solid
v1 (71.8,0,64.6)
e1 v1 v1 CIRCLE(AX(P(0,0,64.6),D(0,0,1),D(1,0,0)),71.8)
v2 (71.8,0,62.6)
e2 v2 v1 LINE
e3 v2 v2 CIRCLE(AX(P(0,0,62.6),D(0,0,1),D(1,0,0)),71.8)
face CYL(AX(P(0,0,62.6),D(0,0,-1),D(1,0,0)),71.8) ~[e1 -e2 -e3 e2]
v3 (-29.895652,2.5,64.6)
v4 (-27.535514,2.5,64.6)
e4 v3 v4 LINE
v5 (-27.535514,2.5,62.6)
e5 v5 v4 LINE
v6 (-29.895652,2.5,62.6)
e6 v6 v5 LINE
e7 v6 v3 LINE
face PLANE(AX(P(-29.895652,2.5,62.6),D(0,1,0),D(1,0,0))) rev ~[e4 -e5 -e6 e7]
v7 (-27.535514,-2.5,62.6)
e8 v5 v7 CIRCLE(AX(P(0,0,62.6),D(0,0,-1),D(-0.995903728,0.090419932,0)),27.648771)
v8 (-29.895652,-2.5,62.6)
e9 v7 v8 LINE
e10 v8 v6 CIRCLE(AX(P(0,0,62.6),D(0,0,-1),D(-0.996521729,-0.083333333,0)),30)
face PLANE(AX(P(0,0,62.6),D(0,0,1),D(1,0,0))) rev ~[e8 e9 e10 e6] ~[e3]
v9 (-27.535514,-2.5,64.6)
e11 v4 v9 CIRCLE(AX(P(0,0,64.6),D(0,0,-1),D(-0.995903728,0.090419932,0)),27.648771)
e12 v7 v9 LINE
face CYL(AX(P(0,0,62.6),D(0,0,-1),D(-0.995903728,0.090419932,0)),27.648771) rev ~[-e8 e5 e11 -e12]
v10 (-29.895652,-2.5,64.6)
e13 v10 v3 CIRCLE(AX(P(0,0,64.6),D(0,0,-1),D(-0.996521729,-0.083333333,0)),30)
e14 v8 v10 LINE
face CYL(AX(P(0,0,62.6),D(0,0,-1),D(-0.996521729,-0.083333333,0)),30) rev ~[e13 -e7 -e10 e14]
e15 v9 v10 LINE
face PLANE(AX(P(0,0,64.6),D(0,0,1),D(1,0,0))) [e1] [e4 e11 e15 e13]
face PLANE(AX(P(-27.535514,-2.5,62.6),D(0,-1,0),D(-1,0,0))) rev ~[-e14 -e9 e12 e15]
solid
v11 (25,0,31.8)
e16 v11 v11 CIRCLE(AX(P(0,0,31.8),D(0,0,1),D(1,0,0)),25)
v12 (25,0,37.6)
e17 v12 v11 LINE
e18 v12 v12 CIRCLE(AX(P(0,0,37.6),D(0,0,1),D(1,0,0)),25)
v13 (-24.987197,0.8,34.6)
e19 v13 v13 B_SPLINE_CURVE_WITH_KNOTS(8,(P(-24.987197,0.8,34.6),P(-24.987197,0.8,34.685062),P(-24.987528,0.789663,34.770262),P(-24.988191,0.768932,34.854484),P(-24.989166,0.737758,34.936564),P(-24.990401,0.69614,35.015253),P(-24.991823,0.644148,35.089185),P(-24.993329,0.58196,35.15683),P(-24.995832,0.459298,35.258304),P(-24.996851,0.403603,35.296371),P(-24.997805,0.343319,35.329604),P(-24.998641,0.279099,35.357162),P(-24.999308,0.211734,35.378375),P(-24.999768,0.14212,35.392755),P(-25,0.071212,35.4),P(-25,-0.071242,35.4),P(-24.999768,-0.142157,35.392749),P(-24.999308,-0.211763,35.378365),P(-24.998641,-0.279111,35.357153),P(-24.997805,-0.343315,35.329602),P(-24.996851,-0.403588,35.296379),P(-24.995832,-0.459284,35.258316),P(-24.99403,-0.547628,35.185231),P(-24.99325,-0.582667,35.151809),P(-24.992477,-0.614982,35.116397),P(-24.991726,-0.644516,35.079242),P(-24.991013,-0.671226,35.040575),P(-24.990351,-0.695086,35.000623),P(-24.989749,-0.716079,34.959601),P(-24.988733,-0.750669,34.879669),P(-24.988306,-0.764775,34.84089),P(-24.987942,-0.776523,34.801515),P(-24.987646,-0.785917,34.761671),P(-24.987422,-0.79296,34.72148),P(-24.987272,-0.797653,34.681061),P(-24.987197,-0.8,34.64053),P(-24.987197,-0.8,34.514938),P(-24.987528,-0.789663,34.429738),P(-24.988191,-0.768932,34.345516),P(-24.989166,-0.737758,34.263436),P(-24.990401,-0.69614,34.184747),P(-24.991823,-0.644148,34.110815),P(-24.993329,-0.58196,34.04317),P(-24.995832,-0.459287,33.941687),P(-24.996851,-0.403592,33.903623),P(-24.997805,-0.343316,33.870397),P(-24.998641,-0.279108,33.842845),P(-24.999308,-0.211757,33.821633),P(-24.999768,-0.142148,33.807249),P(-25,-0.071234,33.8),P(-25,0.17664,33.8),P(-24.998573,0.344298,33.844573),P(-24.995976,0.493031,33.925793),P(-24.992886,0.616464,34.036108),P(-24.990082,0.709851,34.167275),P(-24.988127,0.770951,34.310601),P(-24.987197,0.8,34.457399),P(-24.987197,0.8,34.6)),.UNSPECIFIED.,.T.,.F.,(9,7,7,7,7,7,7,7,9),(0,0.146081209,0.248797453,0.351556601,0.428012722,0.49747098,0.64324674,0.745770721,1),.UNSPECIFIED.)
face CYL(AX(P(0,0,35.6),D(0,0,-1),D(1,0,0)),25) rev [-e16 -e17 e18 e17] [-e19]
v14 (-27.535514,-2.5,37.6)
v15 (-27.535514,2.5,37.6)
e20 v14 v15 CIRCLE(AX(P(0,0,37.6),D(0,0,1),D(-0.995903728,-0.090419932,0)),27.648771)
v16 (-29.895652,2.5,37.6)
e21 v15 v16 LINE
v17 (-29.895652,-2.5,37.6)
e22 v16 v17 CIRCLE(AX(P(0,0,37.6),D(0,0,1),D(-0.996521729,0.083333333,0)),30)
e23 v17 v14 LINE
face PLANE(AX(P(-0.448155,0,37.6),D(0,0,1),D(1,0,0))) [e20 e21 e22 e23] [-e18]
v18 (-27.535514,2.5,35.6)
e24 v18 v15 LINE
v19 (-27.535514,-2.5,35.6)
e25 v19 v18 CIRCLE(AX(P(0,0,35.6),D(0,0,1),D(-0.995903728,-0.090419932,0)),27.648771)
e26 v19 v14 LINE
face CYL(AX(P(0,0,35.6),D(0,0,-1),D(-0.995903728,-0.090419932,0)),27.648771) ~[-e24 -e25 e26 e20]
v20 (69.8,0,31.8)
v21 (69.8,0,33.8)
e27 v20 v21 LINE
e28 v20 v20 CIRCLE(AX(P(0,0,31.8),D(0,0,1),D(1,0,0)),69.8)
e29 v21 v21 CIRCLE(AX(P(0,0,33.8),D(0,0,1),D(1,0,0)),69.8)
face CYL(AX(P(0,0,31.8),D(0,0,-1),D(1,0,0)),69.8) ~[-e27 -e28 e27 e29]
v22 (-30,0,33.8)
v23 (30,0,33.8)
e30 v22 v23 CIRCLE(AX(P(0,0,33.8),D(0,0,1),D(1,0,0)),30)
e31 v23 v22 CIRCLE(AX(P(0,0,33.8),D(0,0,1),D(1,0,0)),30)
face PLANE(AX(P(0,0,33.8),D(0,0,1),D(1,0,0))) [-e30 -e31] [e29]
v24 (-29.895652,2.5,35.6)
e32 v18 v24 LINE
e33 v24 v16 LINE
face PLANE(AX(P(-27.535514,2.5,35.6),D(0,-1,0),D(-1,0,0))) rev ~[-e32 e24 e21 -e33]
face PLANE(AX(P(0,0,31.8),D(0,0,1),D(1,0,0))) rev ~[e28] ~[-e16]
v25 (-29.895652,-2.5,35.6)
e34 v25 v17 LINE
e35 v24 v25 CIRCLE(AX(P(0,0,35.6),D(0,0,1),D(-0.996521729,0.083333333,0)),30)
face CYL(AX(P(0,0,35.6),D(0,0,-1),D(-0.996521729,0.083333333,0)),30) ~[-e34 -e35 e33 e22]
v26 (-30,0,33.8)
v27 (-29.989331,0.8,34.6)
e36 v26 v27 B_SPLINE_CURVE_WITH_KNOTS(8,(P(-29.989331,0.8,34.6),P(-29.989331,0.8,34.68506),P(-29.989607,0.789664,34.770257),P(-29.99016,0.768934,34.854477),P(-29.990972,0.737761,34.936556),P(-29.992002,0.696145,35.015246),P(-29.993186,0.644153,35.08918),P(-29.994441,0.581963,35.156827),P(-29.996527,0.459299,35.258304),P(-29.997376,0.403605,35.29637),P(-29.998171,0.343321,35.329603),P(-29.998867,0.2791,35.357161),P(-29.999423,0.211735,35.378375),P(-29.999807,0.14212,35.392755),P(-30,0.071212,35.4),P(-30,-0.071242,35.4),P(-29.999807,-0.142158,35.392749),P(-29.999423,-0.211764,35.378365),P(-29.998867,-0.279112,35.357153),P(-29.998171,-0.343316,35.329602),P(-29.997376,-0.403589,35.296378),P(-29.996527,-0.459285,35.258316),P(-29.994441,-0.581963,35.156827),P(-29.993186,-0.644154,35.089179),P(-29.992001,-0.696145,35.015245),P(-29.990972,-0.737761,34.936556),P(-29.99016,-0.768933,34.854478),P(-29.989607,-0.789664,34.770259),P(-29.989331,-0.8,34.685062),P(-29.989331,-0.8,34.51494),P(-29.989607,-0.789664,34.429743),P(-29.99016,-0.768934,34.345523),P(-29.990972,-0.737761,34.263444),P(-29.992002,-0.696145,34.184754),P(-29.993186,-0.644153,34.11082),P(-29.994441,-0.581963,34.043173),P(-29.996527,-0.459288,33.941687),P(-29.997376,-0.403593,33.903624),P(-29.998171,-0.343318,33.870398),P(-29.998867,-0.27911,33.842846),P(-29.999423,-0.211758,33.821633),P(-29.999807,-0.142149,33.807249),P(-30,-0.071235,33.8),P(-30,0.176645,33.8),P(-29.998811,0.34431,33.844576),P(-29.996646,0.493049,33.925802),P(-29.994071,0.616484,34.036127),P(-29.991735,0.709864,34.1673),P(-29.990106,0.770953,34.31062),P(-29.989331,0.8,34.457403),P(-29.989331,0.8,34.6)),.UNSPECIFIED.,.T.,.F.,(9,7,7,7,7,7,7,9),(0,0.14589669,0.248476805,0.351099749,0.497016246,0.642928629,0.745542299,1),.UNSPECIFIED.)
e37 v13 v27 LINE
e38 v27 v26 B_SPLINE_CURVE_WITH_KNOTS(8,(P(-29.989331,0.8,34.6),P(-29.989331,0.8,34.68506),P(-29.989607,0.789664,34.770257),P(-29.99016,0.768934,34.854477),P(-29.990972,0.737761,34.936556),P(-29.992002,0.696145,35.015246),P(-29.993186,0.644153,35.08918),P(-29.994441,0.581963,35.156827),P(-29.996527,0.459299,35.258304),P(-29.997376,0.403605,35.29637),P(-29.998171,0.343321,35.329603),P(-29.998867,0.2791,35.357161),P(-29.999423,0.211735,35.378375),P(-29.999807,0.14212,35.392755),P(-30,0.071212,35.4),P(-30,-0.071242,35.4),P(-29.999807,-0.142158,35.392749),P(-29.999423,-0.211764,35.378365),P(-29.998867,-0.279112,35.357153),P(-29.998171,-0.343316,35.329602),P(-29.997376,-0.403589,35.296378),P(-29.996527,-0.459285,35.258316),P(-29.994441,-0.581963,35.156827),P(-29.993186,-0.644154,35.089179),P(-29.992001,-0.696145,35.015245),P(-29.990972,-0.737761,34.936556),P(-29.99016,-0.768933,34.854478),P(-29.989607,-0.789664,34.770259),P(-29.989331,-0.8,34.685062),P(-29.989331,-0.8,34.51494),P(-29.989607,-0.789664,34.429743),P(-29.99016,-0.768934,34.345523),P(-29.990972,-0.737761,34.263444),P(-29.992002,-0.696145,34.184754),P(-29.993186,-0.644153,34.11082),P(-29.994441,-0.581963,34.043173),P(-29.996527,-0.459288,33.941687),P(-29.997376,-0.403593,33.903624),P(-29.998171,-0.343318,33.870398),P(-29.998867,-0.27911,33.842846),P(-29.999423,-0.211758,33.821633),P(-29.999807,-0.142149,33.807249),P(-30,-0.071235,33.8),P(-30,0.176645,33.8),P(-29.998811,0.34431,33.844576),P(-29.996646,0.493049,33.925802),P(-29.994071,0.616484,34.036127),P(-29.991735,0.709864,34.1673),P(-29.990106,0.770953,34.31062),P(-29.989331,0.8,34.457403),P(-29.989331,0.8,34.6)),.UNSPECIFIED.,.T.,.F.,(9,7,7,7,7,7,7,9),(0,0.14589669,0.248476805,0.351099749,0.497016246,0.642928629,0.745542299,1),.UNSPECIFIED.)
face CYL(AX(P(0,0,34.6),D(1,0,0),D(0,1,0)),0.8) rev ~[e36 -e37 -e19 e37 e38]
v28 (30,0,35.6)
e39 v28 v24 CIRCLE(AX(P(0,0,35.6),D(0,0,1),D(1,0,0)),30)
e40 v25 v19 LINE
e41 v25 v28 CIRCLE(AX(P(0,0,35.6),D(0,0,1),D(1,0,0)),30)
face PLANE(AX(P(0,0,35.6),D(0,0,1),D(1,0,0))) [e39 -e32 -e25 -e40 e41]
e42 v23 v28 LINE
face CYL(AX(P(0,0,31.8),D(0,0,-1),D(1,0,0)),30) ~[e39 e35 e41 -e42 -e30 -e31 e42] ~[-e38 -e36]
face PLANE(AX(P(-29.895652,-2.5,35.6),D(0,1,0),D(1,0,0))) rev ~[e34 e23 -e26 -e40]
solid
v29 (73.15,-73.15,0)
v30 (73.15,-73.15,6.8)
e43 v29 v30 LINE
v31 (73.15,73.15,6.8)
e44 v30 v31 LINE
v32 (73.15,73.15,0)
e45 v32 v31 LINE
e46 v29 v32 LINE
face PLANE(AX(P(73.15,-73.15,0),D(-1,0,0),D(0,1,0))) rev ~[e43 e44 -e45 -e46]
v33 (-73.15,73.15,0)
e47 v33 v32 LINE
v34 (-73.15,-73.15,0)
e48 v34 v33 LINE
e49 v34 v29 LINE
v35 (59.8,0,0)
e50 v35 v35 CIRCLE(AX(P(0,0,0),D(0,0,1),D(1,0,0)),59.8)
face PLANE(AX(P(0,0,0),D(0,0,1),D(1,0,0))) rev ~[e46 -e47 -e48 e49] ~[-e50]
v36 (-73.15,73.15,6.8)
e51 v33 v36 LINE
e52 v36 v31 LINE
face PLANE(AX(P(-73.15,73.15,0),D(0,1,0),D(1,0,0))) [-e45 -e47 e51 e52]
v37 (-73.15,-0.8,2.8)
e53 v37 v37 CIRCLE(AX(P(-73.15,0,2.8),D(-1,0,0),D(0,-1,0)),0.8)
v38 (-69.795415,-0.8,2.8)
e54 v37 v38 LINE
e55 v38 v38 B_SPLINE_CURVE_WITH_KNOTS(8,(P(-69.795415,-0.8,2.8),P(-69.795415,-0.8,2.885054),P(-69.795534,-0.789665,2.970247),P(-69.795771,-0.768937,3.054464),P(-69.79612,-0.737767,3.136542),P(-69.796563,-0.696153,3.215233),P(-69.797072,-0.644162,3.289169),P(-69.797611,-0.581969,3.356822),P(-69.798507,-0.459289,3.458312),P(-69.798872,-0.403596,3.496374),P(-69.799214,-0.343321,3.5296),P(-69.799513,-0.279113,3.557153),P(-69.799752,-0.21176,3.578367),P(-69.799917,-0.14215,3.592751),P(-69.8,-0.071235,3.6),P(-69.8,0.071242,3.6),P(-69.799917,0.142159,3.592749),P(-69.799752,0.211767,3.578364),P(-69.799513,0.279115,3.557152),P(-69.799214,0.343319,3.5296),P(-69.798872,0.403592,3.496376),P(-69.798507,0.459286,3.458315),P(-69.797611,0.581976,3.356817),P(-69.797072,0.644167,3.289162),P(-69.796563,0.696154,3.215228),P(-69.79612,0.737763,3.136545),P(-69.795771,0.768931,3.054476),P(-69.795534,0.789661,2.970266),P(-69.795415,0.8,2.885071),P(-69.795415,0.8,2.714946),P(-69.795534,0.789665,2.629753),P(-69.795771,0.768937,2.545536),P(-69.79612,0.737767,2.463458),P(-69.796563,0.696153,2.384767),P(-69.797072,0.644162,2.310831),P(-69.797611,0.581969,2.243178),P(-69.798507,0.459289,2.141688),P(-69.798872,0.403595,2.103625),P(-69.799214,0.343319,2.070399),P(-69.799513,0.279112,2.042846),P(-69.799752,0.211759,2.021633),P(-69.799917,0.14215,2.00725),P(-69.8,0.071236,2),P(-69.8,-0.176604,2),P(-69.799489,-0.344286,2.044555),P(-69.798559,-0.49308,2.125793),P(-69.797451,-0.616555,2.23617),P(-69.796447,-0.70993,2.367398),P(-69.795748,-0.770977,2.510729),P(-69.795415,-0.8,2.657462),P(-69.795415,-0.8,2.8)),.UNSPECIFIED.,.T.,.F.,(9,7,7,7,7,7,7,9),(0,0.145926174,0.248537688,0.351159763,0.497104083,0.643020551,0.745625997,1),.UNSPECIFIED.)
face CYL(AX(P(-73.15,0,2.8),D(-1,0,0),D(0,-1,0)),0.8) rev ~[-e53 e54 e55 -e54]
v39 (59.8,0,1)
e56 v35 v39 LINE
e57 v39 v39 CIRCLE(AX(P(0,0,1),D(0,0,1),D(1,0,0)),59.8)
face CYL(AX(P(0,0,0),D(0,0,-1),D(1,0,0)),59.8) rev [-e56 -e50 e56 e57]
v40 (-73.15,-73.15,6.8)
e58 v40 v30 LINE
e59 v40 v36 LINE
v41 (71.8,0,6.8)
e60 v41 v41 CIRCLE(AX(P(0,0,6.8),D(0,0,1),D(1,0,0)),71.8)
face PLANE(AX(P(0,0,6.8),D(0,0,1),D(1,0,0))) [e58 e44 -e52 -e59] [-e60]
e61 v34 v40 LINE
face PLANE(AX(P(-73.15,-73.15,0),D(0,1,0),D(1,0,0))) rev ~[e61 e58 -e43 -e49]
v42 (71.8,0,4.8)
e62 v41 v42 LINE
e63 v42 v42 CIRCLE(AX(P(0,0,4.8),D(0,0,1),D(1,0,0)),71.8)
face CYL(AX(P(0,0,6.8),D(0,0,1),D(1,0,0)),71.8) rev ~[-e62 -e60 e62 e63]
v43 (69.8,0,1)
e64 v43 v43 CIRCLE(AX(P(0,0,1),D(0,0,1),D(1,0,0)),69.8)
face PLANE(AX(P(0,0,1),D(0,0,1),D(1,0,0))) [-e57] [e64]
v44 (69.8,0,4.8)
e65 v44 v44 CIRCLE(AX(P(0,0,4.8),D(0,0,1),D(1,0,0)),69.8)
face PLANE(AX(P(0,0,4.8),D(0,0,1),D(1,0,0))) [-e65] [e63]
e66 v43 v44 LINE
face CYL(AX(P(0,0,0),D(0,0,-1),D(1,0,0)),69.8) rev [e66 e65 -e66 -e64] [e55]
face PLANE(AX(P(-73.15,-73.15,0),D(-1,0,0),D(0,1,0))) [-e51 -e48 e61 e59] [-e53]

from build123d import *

# Parameters (mm, degrees)
F0_W      = 146.3
F0_H      = 146.3
F0_R      = 69.8
F1_DEPTH  = 6.8
F0_R_2    = 59.8
F2_DEPTH  = 1
F4_R      = 69.8
F4_R_2    = 30
F5_DEPTH  = 2
F4_R_3    = 25
F6_DEPTH  = 3.8
F7_R      = 25
F8_DEPTH  = 2
F9_R      = 0.8
F10_DEPTH = 31.0000001
F12_R     = 71.8
F13_DEPTH = 2
F14_R     = 0.8
F15_DEPTH = 3.3555847778
F16_R     = 71.8
F16_R_2   = 69.8
F17_DEPTH = 2
F18_DEPTH = 2


with BuildPart() as f1:
    # F0 (on Top) → F1 (new body)
    with BuildSketch(Plane.XY):
        Rectangle(F0_W, F0_H)
        Circle(F0_R, mode=Mode.SUBTRACT)
    extrude(amount=F1_DEPTH)

    # F0 (on Top) → F2 (join)
    with BuildSketch(Plane.XY):
        Circle(F0_R)
        Circle(F0_R_2, mode=Mode.SUBTRACT)
    extrude(amount=F2_DEPTH)

    # F14 (on face) → F15 (cut, through all)
    with BuildSketch(Plane(origin=(-73.15, 0, 0), x_dir=(0, -1, 0), z_dir=(-1, 0, 0))):
        with Locations((0, 2.8)):
            Circle(F14_R)
    extrude(amount=-F15_DEPTH, mode=Mode.SUBTRACT)

    # F16 (on face) → F17 (cut)
    with BuildSketch(Plane.XY.offset(6.8)):
        Circle(F16_R)
        Circle(F16_R_2, mode=Mode.SUBTRACT)
    extrude(amount=-F17_DEPTH, mode=Mode.SUBTRACT)


with BuildPart() as f5:
    # F4 (on offset) → F5 (new body)
    with BuildSketch(Plane.XY.offset(31.8)):
        Circle(F4_R)
        Circle(F4_R_2, mode=Mode.SUBTRACT)
    extrude(amount=F5_DEPTH)

    # F4 (on offset) → F6 (join)
    with BuildSketch(Plane.XY.offset(31.8)):
        Circle(F4_R_2)
        Circle(F4_R_3, mode=Mode.SUBTRACT)
    extrude(amount=F6_DEPTH)

    # F7 (on face) → F8 (join)
    with BuildSketch(Plane.XY.offset(35.6)):
        with BuildLine():
            ThreePointArc((-27.5355140939, -2.5), (1.2512820546, -27.6204422418), (27.6487709747, 0))
            ThreePointArc((27.6487709747, 0), (1.2512820546, 27.6204422418), (-27.5355140939, 2.5))
            ThreePointArc((-27.5355140939, 2.5), (-27.6487709747, 0), (-27.5355140939, -2.5))
        make_face()
        Circle(F7_R, mode=Mode.SUBTRACT)
        with BuildLine():
            ThreePointArc((-27.5355140939, -2.5), (-27.6487709747, 0), (-27.5355140939, 2.5))
            Line((-27.5355140939, 2.5), (-29.8956518578, 2.5))
            ThreePointArc((-29.8956518578, 2.5), (-30, 0), (-29.8956518578, -2.5))
            Line((-29.8956518578, -2.5), (-27.5355140939, -2.5))
        make_face()
    extrude(amount=F8_DEPTH)

    # F9 (on Right) → F10 (cut, up to face)
    with BuildSketch(Plane.YZ):
        with Locations((0, 34.6)):
            Circle(F9_R)
    extrude(amount=-F10_DEPTH, mode=Mode.SUBTRACT)

    # F7 (on face) → F18 (join)
    with BuildSketch(Plane.XY.offset(35.6)):
        with BuildLine():
            ThreePointArc((-27.5355140939, -2.5), (1.2512820546, -27.6204422418), (27.6487709747, 0))
            ThreePointArc((27.6487709747, 0), (1.2512820546, 27.6204422418), (-27.5355140939, 2.5))
            ThreePointArc((-27.5355140939, 2.5), (-27.6487709747, 0), (-27.5355140939, -2.5))
        make_face()
        Circle(F7_R, mode=Mode.SUBTRACT)
        with BuildLine():
            ThreePointArc((-27.5355140939, -2.5), (-27.6487709747, 0), (-27.5355140939, 2.5))
            Line((-27.5355140939, 2.5), (-29.8956518578, 2.5))
            ThreePointArc((-29.8956518578, 2.5), (-30, 0), (-29.8956518578, -2.5))
            Line((-29.8956518578, -2.5), (-27.5355140939, -2.5))
        make_face()
    extrude(amount=F18_DEPTH)


with BuildPart() as f13:
    # F12 (on offset) → F13 (new body)
    with BuildSketch(Plane.XY.offset(62.6)):
        Circle(F12_R)
        with BuildLine():
            ThreePointArc((-29.8956518578, 2.5), (30, 0), (-29.8956518578, -2.5))
            ThreePointArc((-29.8956518578, -2.5), (-30, 0), (-29.8956518578, 2.5))
        make_face(mode=Mode.SUBTRACT)
        with BuildLine():
            Line((-27.5355140939, -2.5), (-29.8956518578, -2.5))
            ThreePointArc((-29.8956518578, -2.5), (30, 0), (-29.8956518578, 2.5))
            Line((-29.8956518578, 2.5), (-27.5355140939, 2.5))
            ThreePointArc((-27.5355140939, 2.5), (27.6487709747, 0), (-27.5355140939, -2.5))
        make_face()
    extrude(amount=F13_DEPTH)


solid = Compound([f1.part, f5.part, f13.part])
